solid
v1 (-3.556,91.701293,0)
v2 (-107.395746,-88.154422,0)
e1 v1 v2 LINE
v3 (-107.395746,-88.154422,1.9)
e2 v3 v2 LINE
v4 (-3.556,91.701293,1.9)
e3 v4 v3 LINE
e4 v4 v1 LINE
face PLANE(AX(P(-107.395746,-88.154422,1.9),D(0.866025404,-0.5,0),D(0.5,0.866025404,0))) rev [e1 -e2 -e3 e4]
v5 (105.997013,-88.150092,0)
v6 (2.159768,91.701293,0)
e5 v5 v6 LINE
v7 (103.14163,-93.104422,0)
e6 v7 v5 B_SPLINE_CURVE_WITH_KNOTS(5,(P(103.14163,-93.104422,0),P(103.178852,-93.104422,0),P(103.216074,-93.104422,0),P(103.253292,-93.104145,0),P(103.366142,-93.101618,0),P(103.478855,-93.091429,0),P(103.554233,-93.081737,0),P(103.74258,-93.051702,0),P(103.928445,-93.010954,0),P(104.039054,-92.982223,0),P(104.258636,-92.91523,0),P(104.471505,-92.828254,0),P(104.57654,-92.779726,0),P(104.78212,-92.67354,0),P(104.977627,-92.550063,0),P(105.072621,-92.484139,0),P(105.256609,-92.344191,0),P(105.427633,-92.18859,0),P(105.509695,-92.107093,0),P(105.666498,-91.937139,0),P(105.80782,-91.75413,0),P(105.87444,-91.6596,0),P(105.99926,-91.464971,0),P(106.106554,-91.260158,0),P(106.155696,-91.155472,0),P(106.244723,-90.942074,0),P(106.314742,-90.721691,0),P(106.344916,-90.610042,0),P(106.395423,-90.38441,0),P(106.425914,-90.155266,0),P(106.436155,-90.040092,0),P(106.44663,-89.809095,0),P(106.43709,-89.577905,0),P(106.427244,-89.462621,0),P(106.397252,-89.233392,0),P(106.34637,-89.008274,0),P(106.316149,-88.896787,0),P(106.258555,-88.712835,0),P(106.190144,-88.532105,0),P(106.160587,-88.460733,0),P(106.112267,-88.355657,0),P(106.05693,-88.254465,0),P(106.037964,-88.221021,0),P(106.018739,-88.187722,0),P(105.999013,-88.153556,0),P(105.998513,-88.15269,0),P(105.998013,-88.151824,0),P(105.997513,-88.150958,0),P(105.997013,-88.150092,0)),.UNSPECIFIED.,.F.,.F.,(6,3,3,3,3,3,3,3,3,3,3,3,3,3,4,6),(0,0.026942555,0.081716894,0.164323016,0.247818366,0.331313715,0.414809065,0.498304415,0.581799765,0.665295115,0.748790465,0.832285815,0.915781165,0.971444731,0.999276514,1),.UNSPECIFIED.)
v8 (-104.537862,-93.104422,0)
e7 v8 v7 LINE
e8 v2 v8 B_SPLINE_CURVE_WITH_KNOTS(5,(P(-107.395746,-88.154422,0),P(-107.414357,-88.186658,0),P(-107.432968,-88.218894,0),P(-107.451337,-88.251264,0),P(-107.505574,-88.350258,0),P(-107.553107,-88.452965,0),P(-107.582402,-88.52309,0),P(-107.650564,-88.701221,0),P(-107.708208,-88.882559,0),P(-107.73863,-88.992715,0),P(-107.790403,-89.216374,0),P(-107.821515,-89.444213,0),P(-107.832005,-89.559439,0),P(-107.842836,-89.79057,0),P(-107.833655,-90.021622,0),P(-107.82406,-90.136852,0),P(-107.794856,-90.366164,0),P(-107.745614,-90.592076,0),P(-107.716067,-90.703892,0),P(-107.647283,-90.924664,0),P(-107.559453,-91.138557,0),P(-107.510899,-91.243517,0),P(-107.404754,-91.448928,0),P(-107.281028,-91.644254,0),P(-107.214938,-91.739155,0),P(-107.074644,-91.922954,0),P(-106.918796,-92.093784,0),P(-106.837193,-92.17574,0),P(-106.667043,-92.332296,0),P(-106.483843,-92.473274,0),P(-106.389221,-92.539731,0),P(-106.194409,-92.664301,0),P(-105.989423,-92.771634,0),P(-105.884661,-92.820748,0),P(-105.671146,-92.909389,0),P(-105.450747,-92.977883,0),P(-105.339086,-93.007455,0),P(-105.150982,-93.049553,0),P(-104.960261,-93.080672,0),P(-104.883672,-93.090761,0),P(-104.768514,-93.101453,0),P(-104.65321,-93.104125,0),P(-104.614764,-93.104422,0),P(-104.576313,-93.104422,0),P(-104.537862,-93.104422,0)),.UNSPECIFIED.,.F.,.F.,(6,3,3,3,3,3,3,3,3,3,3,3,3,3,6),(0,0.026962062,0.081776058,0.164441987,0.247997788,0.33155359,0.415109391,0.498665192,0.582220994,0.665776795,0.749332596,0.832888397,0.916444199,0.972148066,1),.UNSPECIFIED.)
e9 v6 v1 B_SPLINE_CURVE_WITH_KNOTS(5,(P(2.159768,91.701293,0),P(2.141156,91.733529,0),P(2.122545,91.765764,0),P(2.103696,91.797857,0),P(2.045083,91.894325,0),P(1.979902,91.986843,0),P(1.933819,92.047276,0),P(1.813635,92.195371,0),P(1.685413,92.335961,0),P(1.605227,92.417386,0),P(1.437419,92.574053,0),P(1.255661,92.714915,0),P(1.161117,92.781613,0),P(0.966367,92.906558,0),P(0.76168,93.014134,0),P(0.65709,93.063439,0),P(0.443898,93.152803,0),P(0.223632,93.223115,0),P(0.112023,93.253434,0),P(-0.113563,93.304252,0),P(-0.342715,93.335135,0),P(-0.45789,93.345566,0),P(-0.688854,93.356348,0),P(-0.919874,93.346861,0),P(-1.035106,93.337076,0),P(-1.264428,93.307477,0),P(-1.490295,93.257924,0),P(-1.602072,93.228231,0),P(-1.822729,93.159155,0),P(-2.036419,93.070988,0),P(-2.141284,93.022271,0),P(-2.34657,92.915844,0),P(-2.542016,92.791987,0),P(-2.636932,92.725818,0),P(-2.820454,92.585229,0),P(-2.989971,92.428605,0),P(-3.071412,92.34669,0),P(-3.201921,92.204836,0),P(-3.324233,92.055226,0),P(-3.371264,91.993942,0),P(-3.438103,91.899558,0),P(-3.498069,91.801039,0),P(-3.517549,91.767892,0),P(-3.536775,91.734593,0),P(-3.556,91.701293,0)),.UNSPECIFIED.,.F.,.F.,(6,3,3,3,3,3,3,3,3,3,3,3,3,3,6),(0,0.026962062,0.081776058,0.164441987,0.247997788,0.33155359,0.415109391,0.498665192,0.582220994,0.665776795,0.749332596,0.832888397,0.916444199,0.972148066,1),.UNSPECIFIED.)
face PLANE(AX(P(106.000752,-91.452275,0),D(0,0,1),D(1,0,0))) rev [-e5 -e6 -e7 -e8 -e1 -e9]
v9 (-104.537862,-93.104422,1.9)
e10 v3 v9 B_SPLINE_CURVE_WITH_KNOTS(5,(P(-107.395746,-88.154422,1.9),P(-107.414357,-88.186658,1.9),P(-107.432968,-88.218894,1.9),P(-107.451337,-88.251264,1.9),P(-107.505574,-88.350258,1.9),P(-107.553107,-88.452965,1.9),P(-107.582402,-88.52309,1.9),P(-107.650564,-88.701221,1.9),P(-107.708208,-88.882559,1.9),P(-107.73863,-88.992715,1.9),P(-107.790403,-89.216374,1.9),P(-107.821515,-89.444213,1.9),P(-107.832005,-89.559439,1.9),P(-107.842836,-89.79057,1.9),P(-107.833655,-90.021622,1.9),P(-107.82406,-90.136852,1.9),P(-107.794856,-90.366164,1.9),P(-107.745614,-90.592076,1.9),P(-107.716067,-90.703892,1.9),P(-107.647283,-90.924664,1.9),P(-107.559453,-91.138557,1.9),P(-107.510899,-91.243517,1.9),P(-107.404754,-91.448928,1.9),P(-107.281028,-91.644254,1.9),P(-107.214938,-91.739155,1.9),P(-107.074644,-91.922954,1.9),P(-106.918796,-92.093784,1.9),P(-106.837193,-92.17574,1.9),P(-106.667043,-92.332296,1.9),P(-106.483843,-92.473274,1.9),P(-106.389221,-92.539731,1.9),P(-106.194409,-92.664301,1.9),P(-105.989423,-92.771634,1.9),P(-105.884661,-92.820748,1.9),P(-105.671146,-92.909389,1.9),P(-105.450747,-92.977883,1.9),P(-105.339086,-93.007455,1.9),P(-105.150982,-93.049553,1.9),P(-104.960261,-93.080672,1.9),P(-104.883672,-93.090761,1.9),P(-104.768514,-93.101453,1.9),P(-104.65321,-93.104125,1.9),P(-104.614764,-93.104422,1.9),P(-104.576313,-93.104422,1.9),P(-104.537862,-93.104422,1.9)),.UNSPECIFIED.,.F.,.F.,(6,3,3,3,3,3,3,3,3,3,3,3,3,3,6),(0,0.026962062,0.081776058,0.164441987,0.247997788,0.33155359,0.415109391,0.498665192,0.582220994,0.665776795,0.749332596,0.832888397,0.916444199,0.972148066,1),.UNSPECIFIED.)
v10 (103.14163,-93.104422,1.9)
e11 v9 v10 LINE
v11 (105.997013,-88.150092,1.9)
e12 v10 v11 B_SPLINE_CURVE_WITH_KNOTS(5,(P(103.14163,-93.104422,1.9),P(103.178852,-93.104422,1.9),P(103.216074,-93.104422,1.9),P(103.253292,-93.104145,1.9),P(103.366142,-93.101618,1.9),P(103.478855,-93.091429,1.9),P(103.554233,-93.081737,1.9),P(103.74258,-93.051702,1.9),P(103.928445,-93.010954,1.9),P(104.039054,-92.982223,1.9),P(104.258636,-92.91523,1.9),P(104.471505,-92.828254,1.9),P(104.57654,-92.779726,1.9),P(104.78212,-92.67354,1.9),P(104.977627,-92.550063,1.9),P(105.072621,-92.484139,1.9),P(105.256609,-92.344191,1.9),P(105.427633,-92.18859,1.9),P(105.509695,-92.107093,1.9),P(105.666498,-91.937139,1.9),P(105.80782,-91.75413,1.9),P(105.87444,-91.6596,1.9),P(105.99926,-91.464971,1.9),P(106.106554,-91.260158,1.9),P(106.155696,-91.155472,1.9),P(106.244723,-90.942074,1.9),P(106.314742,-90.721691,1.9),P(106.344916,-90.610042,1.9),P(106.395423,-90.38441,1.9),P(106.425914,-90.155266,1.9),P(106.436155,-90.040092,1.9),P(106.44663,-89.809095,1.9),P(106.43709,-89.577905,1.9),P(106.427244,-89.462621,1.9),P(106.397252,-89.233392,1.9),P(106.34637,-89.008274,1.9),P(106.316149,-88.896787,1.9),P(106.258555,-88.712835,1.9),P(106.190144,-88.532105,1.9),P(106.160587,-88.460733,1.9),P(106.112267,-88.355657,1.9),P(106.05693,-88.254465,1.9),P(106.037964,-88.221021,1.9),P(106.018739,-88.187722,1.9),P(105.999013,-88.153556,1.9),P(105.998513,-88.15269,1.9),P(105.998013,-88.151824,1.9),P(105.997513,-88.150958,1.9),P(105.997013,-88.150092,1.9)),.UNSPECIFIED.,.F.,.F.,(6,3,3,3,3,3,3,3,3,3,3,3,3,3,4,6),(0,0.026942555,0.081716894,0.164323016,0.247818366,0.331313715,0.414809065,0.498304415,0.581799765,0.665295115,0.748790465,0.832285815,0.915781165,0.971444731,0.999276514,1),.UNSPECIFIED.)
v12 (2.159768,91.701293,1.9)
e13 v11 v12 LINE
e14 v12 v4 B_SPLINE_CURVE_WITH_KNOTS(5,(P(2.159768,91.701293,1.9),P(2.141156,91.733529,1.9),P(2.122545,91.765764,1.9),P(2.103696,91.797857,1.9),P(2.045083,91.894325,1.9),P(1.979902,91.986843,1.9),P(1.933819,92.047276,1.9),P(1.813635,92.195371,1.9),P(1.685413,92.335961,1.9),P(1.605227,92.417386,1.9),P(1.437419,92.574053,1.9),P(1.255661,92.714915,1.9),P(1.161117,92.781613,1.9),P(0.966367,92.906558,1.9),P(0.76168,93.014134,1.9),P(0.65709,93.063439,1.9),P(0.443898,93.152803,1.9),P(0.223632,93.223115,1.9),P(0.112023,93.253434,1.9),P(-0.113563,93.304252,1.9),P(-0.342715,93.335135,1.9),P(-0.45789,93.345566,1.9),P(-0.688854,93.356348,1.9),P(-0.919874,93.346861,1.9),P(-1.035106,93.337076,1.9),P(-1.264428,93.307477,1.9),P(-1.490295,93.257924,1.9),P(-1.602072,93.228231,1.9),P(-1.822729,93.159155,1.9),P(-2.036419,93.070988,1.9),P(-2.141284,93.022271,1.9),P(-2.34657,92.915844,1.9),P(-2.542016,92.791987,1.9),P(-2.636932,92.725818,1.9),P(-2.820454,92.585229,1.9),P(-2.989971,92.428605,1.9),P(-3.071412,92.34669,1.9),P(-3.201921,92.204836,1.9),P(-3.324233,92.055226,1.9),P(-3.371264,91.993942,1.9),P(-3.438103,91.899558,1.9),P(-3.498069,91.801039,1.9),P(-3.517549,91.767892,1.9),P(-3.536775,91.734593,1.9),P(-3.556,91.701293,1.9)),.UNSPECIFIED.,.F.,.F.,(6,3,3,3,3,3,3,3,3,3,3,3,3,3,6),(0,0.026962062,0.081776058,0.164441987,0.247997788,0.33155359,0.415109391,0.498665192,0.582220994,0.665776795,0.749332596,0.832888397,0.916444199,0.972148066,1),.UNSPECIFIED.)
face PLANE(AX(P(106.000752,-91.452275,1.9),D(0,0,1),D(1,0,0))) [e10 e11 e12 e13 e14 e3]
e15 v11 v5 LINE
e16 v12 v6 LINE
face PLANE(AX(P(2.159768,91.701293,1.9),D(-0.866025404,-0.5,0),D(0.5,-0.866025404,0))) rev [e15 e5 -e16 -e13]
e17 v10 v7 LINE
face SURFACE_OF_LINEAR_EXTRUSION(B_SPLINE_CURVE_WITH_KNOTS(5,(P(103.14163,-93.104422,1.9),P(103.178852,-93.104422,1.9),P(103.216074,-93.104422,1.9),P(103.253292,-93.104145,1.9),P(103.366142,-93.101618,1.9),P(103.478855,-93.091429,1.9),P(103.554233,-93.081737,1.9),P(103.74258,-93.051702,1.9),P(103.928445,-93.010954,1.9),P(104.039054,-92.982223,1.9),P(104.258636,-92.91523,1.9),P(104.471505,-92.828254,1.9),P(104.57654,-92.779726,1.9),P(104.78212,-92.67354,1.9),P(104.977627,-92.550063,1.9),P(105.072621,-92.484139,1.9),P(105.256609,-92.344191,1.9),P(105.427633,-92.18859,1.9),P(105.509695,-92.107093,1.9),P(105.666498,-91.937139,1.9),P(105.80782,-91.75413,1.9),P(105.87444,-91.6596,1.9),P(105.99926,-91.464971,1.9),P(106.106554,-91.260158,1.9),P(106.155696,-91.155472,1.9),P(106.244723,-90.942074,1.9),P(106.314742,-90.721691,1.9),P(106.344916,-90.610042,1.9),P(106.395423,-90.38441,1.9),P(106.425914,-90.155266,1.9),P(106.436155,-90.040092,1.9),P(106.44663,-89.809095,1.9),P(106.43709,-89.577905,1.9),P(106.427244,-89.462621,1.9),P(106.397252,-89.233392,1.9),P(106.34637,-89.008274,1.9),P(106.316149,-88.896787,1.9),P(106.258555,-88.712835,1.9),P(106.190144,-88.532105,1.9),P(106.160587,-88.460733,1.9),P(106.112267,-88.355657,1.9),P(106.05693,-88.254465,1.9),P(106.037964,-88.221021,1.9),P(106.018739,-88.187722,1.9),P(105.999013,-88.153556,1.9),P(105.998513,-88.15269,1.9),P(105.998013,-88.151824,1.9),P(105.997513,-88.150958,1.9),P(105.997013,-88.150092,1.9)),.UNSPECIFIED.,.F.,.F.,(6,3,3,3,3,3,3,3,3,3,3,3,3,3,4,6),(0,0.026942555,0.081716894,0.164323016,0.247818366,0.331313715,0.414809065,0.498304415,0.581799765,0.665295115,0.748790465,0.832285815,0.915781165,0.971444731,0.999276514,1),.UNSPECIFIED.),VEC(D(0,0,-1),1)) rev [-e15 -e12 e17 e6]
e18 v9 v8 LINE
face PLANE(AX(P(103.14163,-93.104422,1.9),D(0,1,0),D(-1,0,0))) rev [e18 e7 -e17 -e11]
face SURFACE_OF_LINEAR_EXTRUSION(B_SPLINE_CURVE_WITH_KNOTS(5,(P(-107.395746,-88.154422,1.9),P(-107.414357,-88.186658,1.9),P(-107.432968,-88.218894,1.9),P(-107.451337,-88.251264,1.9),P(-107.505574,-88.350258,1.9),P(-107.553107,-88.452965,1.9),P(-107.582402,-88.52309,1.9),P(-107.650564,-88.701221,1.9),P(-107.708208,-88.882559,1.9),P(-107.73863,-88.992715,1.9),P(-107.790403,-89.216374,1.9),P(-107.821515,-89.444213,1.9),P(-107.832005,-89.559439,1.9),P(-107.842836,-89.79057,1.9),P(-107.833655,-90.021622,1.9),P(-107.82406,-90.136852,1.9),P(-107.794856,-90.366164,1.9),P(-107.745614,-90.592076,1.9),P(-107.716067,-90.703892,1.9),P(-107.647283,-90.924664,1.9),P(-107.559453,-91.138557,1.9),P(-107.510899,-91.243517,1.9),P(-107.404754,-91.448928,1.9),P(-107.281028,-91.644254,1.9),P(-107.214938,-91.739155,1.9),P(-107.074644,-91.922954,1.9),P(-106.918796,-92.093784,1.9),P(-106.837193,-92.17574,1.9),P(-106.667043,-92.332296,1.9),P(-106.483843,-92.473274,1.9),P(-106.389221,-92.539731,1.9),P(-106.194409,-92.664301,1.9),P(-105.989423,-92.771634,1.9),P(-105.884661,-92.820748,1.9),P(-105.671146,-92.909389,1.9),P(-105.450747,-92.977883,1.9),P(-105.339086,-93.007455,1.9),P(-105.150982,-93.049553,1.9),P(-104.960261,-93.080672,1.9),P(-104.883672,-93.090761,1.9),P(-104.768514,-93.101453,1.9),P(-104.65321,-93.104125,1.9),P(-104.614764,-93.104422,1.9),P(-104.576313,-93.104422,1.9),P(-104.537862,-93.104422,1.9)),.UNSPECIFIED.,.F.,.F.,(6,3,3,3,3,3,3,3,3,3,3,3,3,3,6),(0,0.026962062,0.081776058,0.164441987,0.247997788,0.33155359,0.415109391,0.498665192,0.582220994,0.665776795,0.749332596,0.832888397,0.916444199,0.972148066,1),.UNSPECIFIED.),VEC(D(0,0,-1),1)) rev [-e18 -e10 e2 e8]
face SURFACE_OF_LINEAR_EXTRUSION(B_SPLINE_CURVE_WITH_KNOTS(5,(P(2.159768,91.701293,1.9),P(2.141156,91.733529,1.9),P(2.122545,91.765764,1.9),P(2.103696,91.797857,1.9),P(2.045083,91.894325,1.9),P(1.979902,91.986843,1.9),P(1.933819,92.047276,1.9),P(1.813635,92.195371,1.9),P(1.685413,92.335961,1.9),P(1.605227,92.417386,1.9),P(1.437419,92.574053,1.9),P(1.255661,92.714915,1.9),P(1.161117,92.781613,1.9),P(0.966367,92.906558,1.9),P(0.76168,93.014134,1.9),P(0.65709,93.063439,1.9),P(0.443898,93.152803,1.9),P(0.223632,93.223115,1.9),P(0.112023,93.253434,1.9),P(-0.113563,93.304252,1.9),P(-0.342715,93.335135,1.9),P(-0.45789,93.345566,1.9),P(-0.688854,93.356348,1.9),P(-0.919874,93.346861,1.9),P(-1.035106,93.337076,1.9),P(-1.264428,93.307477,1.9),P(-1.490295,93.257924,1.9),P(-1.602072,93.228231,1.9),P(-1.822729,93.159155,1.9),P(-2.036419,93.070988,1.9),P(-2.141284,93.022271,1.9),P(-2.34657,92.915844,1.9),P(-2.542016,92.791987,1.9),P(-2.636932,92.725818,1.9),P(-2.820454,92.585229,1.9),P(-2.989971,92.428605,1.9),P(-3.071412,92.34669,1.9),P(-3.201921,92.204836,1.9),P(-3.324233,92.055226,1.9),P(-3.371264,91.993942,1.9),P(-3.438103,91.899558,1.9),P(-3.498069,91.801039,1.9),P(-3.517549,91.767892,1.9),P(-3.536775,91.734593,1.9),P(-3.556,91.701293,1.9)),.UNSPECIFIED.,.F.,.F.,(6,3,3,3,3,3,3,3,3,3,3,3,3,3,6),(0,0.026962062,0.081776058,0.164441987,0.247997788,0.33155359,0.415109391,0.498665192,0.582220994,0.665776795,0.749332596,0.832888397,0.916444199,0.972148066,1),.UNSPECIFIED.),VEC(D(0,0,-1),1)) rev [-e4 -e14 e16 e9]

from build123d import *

# Parameters (mm, degrees)
BOSS_EXTRU_1_DEPTH = 1.9


with BuildPart() as part:
    # Esquisse1 → Boss.-Extru.1 (new body)
    with BuildSketch(Plane.XY):
        with BuildLine():
            Line((103.141629659, -93.104422445), (-104.537862265, -93.104422445))
            add(Edge.make_bspline(
                [(-104.537862265, -93.104422445), (-104.576313156, -93.104422445), (-104.614764048, -93.104422445), (-104.653209533, -93.104125461), (-104.768513557, -93.101452602), (-104.883671631, -93.090761166), (-104.960260867, -93.08067219), (-105.150982063, -93.049552521), (-105.339086356, -93.007455152), (-105.450747192, -92.977883193), (-105.671146078, -92.909389067), (-105.884660771, -92.820748262), (-105.989422935, -92.771633631), (-106.194408631, -92.664300797), (-106.389220526, -92.539730583), (-106.48384332, -92.473274378), (-106.667043194, -92.332296267), (-106.837192824, -92.17573974), (-106.91879647, -92.093784348), (-107.074644208, -91.922954256), (-107.214938405, -91.739155447), (-107.281028071, -91.644254137), (-107.404754439, -91.448928258), (-107.51089869, -91.243516958), (-107.55945325, -91.138557181), (-107.64728317, -90.924663828), (-107.716066547, -90.703891793), (-107.745614057, -90.592075935), (-107.794855636, -90.366164197), (-107.824060167, -90.136851737), (-107.833655342, -90.021622167), (-107.842835855, -89.790570025), (-107.832005382, -89.559439241), (-107.821514669, -89.444212724), (-107.790403383, -89.216374252), (-107.738630165, -88.992714706), (-107.708207682, -88.882559264), (-107.650563592, -88.701220982), (-107.582401802, -88.523090493), (-107.553106564, -88.452964824), (-107.50557398, -88.350258026), (-107.451336724, -88.251263547), (-107.432968479, -88.218893501), (-107.414357288, -88.186657973), (-107.395746098, -88.154422445)],
                knots=[0, 0, 0, 0, 0, 0, 0.027851934, 0.027851934, 0.027851934, 0.083555801, 0.083555801, 0.083555801, 0.167111603, 0.167111603, 0.167111603, 0.250667404, 0.250667404, 0.250667404, 0.334223205, 0.334223205, 0.334223205, 0.417779006, 0.417779006, 0.417779006, 0.501334808, 0.501334808, 0.501334808, 0.584890609, 0.584890609, 0.584890609, 0.66844641, 0.66844641, 0.66844641, 0.752002212, 0.752002212, 0.752002212, 0.835558013, 0.835558013, 0.835558013, 0.918223942, 0.918223942, 0.918223942, 0.973037938, 0.973037938, 0.973037938, 1, 1, 1, 1, 1, 1], degree=5))
            Line((-107.395746098, -88.154422445), (-3.556000135, 91.701293407))
            add(Edge.make_bspline(
                [(-3.556000135, 91.701293407), (-3.53677469, 91.734592855), (-3.517549244, 91.767892304), (-3.498069305, 91.801038579), (-3.43810253, 91.899558363), (-3.371264438, 91.993942462), (-3.324232511, 92.055226199), (-3.201921489, 92.204835765), (-3.071411952, 92.346690177), (-2.989971465, 92.428605318), (-2.820454369, 92.585229289), (-2.636931834, 92.725818035), (-2.542016234, 92.791987415), (-2.346570425, 92.915843818), (-2.141283507, 93.022270761), (-2.036419348, 93.070988402), (-1.822728786, 93.159155091), (-1.602072042, 93.22823073), (-1.490294768, 93.257923864), (-1.264427699, 93.307476918), (-1.035106162, 93.337075852), (-0.919874384, 93.346860527), (-0.688854027, 93.356347766), (-0.457890497, 93.345565733), (-0.342715384, 93.335135327), (-0.113563347, 93.304251593), (0.112022532, 93.253433727), (0.223631661, 93.223114692), (0.443897755, 93.152803282), (0.657090436, 93.063438917), (0.761679759, 93.014133797), (0.96636704, 92.906558284), (1.161116934, 92.781613428), (1.255660668, 92.714914945), (1.437418929, 92.574052545), (1.605227169, 92.41738585), (1.685413339, 92.335961486), (1.813634853, 92.195371099), (1.933819487, 92.047276013), (1.979902479, 91.986842758), (2.045082883, 91.894324933), (2.103695988, 91.797856852), (2.122545148, 91.765764463), (2.141156339, 91.733528935), (2.159767529, 91.701293407)],
                knots=[0, 0, 0, 0, 0, 0, 0.027851934, 0.027851934, 0.027851934, 0.083555801, 0.083555801, 0.083555801, 0.167111603, 0.167111603, 0.167111603, 0.250667404, 0.250667404, 0.250667404, 0.334223205, 0.334223205, 0.334223205, 0.417779006, 0.417779006, 0.417779006, 0.501334808, 0.501334808, 0.501334808, 0.584890609, 0.584890609, 0.584890609, 0.66844641, 0.66844641, 0.66844641, 0.752002212, 0.752002212, 0.752002212, 0.835558013, 0.835558013, 0.835558013, 0.918223942, 0.918223942, 0.918223942, 0.973037938, 0.973037938, 0.973037938, 1, 1, 1, 1, 1, 1], degree=5))
            Line((2.159767529, 91.701293407), (105.997013492, -88.150092318))
            add(Edge.make_bspline(
                [(105.997013492, -88.150092318), (105.997513492, -88.150958343), (105.998013492, -88.151824369), (105.998513492, -88.152690394), (105.999013492, -88.15355642), (106.018738937, -88.187721894), (106.037964383, -88.221021342), (106.05692993, -88.254464601), (106.112267178, -88.355657245), (106.16058716, -88.46073278), (106.190144469, -88.532105492), (106.258554643, -88.712834727), (106.316149398, -88.896786508), (106.346369749, -89.008273609), (106.397251538, -89.233391706), (106.427243696, -89.462621256), (106.43709026, -89.577905267), (106.446630147, -89.809094504), (106.436155125, -90.040091661), (106.42591376, -90.155265507), (106.395423071, -90.384410308), (106.344915957, -90.610042473), (106.314742328, -90.721690999), (106.244722998, -90.942074145), (106.155695658, -91.155471889), (106.106553546, -91.260157873), (105.999259557, -91.464970991), (105.874440278, -91.659600259), (105.807819725, -91.75412963), (105.666497608, -91.937139248), (105.509695105, -92.107093417), (105.427633487, -92.188590241), (105.256608973, -92.344190568), (105.072620822, -92.484138664), (104.977626674, -92.550063114), (104.782119906, -92.673539742), (104.576539539, -92.77972567), (104.471505092, -92.828253704), (104.258635545, -92.915229776), (104.039054087, -92.982222627), (103.928445434, -93.010953705), (103.74257983, -93.0517016), (103.554233407, -93.081737003), (103.478855177, -93.091429417), (103.366142188, -93.101618391), (103.253291827, -93.104144789), (103.216074423, -93.104422445), (103.178852041, -93.104422445), (103.141629659, -93.104422445)],
                knots=[0, 0, 0, 0, 0, 0, 0.000723486, 0.000723486, 0.000723486, 0.000723486, 0.028555269, 0.028555269, 0.028555269, 0.084218835, 0.084218835, 0.084218835, 0.167714185, 0.167714185, 0.167714185, 0.251209535, 0.251209535, 0.251209535, 0.334704885, 0.334704885, 0.334704885, 0.418200235, 0.418200235, 0.418200235, 0.501695585, 0.501695585, 0.501695585, 0.585190935, 0.585190935, 0.585190935, 0.668686285, 0.668686285, 0.668686285, 0.752181634, 0.752181634, 0.752181634, 0.835676984, 0.835676984, 0.835676984, 0.918283106, 0.918283106, 0.918283106, 0.973057445, 0.973057445, 0.973057445, 1, 1, 1, 1, 1, 1], degree=5))
        make_face()
    extrude(amount=BOSS_EXTRU_1_DEPTH)


solid = part.part
